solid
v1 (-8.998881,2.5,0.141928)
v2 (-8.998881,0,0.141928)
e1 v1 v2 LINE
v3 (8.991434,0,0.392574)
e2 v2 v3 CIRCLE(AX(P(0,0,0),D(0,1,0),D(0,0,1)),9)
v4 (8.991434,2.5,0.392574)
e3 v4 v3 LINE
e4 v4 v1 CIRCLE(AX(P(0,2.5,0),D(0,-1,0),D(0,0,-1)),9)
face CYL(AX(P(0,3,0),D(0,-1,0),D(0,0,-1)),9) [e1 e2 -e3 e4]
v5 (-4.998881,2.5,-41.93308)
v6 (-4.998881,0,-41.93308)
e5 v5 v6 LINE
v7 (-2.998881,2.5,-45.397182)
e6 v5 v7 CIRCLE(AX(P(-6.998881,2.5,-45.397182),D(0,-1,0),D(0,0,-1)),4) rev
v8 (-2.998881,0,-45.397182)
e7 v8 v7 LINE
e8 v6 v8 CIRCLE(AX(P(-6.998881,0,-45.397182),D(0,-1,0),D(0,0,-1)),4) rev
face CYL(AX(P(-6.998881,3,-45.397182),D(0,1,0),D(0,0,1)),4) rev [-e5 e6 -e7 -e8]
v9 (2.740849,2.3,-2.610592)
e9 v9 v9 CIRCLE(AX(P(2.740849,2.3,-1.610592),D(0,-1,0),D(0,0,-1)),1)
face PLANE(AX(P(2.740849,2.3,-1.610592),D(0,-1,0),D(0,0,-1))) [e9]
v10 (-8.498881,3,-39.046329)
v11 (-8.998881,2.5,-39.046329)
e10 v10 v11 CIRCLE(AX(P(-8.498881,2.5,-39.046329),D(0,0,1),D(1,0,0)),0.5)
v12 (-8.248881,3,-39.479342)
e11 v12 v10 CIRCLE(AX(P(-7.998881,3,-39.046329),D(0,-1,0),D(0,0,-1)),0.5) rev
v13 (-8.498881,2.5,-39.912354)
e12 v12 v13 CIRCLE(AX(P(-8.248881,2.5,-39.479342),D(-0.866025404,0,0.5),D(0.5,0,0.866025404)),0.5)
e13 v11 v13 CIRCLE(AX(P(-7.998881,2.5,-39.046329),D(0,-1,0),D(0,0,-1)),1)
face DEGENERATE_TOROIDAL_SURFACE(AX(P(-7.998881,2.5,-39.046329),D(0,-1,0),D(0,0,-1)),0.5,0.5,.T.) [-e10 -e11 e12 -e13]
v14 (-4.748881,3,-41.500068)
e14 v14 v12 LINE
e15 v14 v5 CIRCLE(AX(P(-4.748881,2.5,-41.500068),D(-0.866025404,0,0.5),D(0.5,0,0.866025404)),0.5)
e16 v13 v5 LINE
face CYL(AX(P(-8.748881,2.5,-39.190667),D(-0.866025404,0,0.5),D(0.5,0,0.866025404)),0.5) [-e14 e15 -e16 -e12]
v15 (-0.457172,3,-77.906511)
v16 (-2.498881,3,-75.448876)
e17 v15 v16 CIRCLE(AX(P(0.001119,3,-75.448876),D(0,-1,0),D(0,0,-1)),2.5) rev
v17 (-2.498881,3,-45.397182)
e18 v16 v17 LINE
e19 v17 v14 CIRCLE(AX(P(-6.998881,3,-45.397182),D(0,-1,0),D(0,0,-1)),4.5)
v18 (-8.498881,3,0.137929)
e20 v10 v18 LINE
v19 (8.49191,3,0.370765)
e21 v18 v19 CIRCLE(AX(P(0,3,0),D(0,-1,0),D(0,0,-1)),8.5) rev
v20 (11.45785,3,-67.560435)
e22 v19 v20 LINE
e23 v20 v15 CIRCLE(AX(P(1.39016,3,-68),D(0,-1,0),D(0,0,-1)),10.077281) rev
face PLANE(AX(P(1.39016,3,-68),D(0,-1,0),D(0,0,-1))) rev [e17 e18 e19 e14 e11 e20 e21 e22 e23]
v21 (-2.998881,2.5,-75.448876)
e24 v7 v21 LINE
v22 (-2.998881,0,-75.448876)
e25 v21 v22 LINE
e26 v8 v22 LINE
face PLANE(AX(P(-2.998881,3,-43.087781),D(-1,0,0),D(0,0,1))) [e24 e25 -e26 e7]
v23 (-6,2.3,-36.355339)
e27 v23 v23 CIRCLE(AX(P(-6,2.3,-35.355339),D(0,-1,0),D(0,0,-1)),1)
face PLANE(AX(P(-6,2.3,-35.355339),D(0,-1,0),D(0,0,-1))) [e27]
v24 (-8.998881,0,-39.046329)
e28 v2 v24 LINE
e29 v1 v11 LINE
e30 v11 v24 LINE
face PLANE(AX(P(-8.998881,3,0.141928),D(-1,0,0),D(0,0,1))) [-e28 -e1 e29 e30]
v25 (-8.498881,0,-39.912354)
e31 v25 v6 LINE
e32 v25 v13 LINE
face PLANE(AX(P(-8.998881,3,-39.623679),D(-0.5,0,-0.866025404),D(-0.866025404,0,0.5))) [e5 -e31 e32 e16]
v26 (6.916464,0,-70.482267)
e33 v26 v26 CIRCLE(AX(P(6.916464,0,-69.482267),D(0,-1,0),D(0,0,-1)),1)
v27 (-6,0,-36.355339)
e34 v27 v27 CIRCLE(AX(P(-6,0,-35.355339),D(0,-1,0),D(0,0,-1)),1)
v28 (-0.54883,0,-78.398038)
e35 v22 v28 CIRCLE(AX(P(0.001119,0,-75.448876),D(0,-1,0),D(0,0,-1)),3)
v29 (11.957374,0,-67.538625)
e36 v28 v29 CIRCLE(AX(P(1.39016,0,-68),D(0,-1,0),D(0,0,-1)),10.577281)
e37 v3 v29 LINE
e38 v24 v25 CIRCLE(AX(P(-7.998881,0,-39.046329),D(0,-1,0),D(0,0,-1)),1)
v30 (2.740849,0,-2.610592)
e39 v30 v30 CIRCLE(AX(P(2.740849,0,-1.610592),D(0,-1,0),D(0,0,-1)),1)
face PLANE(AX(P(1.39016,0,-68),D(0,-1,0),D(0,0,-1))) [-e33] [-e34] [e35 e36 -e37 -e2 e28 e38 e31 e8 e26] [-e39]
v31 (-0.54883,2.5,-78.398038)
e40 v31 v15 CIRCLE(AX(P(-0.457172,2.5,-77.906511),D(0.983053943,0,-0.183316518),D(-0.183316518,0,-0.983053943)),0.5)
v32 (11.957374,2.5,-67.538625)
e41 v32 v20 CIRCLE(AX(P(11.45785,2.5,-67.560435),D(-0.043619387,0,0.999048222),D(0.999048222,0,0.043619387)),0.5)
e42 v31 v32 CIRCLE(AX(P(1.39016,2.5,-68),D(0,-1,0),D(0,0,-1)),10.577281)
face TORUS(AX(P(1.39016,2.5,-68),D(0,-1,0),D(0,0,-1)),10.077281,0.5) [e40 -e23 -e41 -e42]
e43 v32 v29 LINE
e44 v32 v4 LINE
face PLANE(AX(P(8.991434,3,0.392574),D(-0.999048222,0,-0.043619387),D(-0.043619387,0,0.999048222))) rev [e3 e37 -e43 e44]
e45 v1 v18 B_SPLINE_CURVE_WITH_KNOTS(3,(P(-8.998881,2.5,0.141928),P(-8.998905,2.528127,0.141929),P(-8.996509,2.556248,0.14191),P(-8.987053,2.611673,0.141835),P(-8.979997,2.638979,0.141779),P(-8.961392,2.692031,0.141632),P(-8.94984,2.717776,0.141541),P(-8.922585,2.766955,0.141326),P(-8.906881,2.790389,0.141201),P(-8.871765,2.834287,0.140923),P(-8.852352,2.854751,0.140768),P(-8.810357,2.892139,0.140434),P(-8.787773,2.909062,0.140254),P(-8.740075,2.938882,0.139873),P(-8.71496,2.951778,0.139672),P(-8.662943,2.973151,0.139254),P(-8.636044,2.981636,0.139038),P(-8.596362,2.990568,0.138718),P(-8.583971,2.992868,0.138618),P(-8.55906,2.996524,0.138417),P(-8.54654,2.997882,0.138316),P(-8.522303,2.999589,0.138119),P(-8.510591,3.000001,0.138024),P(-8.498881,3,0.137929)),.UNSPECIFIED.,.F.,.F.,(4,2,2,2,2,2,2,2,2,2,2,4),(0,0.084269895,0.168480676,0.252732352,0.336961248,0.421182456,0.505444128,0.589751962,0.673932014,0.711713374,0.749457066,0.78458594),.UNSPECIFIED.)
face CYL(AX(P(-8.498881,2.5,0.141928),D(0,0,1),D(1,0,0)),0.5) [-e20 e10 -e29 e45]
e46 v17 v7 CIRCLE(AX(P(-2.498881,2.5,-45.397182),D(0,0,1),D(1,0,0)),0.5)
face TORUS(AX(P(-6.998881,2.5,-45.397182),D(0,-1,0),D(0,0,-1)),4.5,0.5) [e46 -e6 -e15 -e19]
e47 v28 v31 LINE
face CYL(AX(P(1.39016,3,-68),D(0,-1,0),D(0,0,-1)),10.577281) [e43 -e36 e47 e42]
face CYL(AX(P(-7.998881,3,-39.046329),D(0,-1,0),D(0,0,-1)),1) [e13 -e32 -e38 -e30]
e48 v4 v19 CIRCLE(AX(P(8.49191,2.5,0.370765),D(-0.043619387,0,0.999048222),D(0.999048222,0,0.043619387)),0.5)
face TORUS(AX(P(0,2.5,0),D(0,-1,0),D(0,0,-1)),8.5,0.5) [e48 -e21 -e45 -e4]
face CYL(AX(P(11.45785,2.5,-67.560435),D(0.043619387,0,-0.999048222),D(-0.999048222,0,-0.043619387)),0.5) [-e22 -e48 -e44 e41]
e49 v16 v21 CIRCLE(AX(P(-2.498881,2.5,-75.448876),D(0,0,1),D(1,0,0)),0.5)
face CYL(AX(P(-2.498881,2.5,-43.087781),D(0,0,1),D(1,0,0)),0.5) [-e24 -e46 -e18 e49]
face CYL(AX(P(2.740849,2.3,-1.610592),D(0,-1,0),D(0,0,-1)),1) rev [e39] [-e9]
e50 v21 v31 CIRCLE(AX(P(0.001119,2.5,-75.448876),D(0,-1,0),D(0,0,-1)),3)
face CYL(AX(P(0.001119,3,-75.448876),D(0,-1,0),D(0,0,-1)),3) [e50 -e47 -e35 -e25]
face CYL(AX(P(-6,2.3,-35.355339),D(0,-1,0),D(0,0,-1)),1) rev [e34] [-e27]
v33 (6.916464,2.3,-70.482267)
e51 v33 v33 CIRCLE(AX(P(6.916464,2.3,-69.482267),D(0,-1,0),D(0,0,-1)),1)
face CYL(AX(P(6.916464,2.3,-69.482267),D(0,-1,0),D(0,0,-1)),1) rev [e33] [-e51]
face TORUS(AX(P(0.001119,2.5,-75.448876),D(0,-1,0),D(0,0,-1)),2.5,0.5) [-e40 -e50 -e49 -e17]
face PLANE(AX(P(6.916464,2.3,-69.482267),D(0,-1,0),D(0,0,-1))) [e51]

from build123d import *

# Parameters (mm, degrees)
BOSS_EXTRUDE1_DEPTH = 3
FILLET1_R           = 4
FILLET2_R           = 3
FILLET3_R           = 1
FILLET4_R           = 0.5
SKETCH2_R           = 1
CUT_EXTRUDE1_DEPTH  = 2.3


with BuildPart() as part:
    # Sketch1 → Boss-Extrude1 (new body)
    with BuildSketch(Plane(origin=(0, 0, 0), x_dir=(1, 0, 0), z_dir=(0, 1, 0))):
        with BuildLine():
            Line((8.991433994, -0.392574486), (11.957374237, 67.538625463))
            ThreePointArc((11.957374237, 67.538625463), (7.303664413, 76.769797523), (-2.998880838, 77.623679297))
            Line((-2.998880838, 77.623679297), (-2.998880838, 43.087780912))
            Line((-2.998880838, 43.087780912), (-8.998880838, 39.623679297))
            Line((-8.998880838, 39.623679297), (-8.998880838, -0.141928385))
            ThreePointArc((-8.998880838, -0.141928385), (-0.125378351, -8.999126639), (8.991433994, -0.392574486))
        make_face()
    extrude(amount=BOSS_EXTRUDE1_DEPTH)

    # Fillet1
    fillet1_edges = [part.edges().sort_by_distance(p)[0] for p in [
        (-2.998880838, 1.5, -43.087780912),
    ]]
    fillet(fillet1_edges, radius=FILLET1_R)

    # Fillet2
    fillet2_edges = [part.edges().sort_by_distance(p)[0] for p in [
        (-2.998880838, 1.5, -77.623679297),
    ]]
    fillet(fillet2_edges, radius=FILLET2_R)

    # Fillet3
    fillet3_edges = [part.edges().sort_by_distance(p)[0] for p in [
        (-8.998880838, 1.5, -39.623679297),
    ]]
    fillet(fillet3_edges, radius=FILLET3_R)

    # Fillet4
    fillet4_edges = [part.edges().sort_by_distance(p)[0] for p in [
        (10.474404116, 3, -33.573025488),
        (-0.125378351, 3, 8.999126639),
        (-8.998880838, 3, -19.452200321),
        (-2.998880838, 3, -60.423029196),
        (-3.534779223, 3, -43.397181989),
        (8.325091375, 3, -75.986589378),
        (-2.306460594, 3, -77.365925089),
        (-6.748880838, 3, -40.922717403),
        (-8.864906242, 3, -39.546329028),
    ]]
    fillet(fillet4_edges, radius=FILLET4_R)

    # Sketch2 → Cut-Extrude1 (cut)
    with BuildSketch(Plane(origin=(0, 0, 0), x_dir=(-1, 0, 0), z_dir=(0, -1, 0))):
        with Locations((-6.916463595, 69.482266802)):
            Circle(SKETCH2_R)
        with Locations((-2.740849282, 1.610591965)):
            Circle(SKETCH2_R)
        with Locations((6, 35.355339106)):
            Circle(SKETCH2_R)
    extrude(amount=-CUT_EXTRUDE1_DEPTH, mode=Mode.SUBTRACT)


solid = part.part
